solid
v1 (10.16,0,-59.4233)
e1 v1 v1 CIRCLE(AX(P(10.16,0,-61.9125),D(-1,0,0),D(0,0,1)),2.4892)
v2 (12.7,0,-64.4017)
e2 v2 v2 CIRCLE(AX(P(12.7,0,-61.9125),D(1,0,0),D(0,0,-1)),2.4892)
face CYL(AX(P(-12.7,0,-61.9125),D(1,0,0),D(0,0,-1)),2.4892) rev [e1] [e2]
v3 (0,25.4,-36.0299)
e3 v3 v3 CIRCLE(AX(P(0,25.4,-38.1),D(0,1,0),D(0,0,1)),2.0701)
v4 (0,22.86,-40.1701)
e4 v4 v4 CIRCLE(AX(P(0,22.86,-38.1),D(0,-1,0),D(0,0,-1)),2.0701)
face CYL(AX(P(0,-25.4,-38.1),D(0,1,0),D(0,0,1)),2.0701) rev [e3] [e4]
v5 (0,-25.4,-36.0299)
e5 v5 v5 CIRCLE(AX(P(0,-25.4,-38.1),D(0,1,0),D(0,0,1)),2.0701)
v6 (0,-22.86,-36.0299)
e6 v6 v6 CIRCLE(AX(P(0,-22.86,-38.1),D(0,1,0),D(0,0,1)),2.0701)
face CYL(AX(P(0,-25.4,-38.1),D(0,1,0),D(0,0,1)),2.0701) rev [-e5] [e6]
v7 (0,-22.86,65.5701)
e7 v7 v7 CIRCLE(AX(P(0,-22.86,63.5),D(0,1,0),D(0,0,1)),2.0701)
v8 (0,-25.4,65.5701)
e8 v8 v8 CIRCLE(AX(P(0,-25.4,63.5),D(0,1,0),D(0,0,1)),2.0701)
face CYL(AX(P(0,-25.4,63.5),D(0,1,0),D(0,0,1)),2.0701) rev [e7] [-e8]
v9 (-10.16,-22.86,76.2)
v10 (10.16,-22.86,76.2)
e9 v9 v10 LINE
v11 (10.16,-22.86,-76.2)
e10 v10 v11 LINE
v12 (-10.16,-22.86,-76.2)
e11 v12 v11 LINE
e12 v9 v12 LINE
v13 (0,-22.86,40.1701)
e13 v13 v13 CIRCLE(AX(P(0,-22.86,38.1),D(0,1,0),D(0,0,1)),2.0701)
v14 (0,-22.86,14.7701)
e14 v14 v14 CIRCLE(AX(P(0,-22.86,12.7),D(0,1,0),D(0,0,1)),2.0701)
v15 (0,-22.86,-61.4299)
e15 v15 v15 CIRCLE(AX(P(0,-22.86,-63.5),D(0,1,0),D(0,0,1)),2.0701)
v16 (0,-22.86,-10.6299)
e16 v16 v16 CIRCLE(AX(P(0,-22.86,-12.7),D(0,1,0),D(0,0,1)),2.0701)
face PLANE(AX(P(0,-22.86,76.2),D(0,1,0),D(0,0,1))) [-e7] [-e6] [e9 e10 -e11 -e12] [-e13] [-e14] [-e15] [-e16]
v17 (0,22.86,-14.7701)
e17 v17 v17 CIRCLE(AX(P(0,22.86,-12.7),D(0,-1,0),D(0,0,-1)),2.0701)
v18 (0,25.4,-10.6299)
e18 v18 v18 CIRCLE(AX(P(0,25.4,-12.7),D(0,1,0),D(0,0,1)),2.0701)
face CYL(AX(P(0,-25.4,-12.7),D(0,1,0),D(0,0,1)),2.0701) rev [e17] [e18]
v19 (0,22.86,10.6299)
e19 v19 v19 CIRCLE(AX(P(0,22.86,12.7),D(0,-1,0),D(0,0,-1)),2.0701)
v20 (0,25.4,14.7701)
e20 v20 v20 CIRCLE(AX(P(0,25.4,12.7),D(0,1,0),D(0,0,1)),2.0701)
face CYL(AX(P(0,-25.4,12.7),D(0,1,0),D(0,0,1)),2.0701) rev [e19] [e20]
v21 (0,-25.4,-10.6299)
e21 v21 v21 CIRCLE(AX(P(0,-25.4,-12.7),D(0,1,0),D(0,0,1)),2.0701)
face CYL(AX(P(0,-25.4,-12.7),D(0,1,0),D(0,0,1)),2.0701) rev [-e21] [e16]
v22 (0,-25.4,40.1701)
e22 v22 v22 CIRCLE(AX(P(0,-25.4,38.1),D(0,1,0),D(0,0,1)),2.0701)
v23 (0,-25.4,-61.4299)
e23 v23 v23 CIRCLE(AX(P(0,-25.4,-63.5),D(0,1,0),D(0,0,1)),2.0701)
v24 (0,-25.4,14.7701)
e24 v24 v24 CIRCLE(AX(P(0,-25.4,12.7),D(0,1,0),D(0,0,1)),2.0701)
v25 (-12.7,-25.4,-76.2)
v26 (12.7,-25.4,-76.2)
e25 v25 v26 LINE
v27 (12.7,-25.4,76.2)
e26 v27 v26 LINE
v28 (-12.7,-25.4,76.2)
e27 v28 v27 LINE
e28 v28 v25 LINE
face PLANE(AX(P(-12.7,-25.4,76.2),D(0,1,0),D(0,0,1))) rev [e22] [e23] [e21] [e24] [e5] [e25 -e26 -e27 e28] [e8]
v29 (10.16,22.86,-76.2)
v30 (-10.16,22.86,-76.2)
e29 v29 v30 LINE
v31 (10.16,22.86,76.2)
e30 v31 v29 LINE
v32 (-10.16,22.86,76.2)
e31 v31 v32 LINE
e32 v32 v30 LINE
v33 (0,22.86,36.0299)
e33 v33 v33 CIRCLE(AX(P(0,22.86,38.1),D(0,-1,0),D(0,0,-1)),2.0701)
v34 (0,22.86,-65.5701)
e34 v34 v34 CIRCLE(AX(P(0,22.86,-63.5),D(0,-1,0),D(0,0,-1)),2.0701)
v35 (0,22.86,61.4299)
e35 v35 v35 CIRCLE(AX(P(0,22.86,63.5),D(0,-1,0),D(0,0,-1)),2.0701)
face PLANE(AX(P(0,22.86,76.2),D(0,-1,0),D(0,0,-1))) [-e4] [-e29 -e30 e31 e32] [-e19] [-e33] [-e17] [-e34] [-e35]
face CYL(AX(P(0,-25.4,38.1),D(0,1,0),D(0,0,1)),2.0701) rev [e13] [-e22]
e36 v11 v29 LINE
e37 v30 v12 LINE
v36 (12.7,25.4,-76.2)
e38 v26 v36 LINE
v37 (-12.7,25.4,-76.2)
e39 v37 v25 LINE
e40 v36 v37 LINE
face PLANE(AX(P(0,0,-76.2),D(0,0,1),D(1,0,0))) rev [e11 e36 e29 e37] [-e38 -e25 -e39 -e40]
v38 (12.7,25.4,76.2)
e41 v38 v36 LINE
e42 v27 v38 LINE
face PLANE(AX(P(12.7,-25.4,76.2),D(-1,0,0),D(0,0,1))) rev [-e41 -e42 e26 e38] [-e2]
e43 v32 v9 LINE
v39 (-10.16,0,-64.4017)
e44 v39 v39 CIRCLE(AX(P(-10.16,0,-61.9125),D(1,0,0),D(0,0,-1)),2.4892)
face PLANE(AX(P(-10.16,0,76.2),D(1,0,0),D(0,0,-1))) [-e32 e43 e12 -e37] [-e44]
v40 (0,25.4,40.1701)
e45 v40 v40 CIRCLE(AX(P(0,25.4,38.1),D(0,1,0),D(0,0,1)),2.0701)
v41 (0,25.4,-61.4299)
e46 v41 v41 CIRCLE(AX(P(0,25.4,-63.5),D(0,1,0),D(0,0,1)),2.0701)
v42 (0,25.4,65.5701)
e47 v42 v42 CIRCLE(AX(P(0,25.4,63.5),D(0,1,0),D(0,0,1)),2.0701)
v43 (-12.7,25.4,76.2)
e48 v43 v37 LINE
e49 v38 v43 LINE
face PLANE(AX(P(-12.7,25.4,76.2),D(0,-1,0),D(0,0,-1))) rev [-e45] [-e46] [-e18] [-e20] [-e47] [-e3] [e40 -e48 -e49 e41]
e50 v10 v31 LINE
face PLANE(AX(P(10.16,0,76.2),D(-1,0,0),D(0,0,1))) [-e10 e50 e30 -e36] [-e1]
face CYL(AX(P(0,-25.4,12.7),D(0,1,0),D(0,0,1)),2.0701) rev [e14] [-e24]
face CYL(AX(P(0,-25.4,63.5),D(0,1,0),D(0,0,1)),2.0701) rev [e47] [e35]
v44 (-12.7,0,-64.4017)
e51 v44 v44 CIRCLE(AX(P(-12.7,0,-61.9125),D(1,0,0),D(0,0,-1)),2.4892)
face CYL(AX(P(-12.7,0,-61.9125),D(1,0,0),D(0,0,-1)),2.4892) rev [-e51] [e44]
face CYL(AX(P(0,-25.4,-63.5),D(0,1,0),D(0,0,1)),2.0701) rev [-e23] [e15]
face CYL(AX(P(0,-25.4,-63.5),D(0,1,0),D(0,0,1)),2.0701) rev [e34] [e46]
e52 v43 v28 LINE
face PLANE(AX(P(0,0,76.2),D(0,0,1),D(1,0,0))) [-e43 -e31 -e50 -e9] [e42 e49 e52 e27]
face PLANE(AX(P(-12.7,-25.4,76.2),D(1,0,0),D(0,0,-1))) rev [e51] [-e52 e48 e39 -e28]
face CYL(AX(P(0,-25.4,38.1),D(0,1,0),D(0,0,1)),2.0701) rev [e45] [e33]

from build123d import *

# Parameters (mm, degrees)
SKETCH1_W           = 25.4
SKETCH1_H           = 50.8
SKETCH1_W_2         = 20.32
SKETCH1_H_2         = 45.72
EXTRUDE_THIN1_DEPTH = 76.2
SKETCH2_R           = 2.0701
CUT_EXTRUDE1_DEPTH  = 51.8
LPATTERN1_COUNT     = 7
LPATTERN1_PITCH     = 25.4
SKETCH3_R           = 2.4892
CUT_EXTRUDE2_DEPTH  = 26.4


with BuildPart() as part:
    # Sketch1 → Extrude-Thin1 (new body, symmetric)
    with BuildSketch(Plane.XY):
        Rectangle(SKETCH1_W, SKETCH1_H)
        Rectangle(SKETCH1_W_2, SKETCH1_H_2, mode=Mode.SUBTRACT)
    extrude(amount=EXTRUDE_THIN1_DEPTH, both=True)

    # Sketch2 → Cut-Extrude1 (cut, through all)
    with BuildSketch(Plane(origin=(0, 25.4, 0), x_dir=(1, 0, 0), z_dir=(0, 1, 0))):
        with Locations((0, -63.5)):
            Circle(SKETCH2_R)
    cut_extrude1 = extrude(amount=-CUT_EXTRUDE1_DEPTH, mode=Mode.SUBTRACT)

    # LPattern1: Cut-Extrude1 ×7
    with Locations(*[(0, 0, -i * LPATTERN1_PITCH) for i in range(1, LPATTERN1_COUNT)]):
        add(cut_extrude1, mode=Mode.SUBTRACT)

    # Sketch3 → Cut-Extrude2 (cut, through all)
    with BuildSketch(Plane(origin=(12.7, 0, 0), x_dir=(0, 0, -1), z_dir=(1, 0, 0))):
        with Locations((61.9125, 0)):
            Circle(SKETCH3_R)
    extrude(amount=-CUT_EXTRUDE2_DEPTH, mode=Mode.SUBTRACT)


solid = part.part
